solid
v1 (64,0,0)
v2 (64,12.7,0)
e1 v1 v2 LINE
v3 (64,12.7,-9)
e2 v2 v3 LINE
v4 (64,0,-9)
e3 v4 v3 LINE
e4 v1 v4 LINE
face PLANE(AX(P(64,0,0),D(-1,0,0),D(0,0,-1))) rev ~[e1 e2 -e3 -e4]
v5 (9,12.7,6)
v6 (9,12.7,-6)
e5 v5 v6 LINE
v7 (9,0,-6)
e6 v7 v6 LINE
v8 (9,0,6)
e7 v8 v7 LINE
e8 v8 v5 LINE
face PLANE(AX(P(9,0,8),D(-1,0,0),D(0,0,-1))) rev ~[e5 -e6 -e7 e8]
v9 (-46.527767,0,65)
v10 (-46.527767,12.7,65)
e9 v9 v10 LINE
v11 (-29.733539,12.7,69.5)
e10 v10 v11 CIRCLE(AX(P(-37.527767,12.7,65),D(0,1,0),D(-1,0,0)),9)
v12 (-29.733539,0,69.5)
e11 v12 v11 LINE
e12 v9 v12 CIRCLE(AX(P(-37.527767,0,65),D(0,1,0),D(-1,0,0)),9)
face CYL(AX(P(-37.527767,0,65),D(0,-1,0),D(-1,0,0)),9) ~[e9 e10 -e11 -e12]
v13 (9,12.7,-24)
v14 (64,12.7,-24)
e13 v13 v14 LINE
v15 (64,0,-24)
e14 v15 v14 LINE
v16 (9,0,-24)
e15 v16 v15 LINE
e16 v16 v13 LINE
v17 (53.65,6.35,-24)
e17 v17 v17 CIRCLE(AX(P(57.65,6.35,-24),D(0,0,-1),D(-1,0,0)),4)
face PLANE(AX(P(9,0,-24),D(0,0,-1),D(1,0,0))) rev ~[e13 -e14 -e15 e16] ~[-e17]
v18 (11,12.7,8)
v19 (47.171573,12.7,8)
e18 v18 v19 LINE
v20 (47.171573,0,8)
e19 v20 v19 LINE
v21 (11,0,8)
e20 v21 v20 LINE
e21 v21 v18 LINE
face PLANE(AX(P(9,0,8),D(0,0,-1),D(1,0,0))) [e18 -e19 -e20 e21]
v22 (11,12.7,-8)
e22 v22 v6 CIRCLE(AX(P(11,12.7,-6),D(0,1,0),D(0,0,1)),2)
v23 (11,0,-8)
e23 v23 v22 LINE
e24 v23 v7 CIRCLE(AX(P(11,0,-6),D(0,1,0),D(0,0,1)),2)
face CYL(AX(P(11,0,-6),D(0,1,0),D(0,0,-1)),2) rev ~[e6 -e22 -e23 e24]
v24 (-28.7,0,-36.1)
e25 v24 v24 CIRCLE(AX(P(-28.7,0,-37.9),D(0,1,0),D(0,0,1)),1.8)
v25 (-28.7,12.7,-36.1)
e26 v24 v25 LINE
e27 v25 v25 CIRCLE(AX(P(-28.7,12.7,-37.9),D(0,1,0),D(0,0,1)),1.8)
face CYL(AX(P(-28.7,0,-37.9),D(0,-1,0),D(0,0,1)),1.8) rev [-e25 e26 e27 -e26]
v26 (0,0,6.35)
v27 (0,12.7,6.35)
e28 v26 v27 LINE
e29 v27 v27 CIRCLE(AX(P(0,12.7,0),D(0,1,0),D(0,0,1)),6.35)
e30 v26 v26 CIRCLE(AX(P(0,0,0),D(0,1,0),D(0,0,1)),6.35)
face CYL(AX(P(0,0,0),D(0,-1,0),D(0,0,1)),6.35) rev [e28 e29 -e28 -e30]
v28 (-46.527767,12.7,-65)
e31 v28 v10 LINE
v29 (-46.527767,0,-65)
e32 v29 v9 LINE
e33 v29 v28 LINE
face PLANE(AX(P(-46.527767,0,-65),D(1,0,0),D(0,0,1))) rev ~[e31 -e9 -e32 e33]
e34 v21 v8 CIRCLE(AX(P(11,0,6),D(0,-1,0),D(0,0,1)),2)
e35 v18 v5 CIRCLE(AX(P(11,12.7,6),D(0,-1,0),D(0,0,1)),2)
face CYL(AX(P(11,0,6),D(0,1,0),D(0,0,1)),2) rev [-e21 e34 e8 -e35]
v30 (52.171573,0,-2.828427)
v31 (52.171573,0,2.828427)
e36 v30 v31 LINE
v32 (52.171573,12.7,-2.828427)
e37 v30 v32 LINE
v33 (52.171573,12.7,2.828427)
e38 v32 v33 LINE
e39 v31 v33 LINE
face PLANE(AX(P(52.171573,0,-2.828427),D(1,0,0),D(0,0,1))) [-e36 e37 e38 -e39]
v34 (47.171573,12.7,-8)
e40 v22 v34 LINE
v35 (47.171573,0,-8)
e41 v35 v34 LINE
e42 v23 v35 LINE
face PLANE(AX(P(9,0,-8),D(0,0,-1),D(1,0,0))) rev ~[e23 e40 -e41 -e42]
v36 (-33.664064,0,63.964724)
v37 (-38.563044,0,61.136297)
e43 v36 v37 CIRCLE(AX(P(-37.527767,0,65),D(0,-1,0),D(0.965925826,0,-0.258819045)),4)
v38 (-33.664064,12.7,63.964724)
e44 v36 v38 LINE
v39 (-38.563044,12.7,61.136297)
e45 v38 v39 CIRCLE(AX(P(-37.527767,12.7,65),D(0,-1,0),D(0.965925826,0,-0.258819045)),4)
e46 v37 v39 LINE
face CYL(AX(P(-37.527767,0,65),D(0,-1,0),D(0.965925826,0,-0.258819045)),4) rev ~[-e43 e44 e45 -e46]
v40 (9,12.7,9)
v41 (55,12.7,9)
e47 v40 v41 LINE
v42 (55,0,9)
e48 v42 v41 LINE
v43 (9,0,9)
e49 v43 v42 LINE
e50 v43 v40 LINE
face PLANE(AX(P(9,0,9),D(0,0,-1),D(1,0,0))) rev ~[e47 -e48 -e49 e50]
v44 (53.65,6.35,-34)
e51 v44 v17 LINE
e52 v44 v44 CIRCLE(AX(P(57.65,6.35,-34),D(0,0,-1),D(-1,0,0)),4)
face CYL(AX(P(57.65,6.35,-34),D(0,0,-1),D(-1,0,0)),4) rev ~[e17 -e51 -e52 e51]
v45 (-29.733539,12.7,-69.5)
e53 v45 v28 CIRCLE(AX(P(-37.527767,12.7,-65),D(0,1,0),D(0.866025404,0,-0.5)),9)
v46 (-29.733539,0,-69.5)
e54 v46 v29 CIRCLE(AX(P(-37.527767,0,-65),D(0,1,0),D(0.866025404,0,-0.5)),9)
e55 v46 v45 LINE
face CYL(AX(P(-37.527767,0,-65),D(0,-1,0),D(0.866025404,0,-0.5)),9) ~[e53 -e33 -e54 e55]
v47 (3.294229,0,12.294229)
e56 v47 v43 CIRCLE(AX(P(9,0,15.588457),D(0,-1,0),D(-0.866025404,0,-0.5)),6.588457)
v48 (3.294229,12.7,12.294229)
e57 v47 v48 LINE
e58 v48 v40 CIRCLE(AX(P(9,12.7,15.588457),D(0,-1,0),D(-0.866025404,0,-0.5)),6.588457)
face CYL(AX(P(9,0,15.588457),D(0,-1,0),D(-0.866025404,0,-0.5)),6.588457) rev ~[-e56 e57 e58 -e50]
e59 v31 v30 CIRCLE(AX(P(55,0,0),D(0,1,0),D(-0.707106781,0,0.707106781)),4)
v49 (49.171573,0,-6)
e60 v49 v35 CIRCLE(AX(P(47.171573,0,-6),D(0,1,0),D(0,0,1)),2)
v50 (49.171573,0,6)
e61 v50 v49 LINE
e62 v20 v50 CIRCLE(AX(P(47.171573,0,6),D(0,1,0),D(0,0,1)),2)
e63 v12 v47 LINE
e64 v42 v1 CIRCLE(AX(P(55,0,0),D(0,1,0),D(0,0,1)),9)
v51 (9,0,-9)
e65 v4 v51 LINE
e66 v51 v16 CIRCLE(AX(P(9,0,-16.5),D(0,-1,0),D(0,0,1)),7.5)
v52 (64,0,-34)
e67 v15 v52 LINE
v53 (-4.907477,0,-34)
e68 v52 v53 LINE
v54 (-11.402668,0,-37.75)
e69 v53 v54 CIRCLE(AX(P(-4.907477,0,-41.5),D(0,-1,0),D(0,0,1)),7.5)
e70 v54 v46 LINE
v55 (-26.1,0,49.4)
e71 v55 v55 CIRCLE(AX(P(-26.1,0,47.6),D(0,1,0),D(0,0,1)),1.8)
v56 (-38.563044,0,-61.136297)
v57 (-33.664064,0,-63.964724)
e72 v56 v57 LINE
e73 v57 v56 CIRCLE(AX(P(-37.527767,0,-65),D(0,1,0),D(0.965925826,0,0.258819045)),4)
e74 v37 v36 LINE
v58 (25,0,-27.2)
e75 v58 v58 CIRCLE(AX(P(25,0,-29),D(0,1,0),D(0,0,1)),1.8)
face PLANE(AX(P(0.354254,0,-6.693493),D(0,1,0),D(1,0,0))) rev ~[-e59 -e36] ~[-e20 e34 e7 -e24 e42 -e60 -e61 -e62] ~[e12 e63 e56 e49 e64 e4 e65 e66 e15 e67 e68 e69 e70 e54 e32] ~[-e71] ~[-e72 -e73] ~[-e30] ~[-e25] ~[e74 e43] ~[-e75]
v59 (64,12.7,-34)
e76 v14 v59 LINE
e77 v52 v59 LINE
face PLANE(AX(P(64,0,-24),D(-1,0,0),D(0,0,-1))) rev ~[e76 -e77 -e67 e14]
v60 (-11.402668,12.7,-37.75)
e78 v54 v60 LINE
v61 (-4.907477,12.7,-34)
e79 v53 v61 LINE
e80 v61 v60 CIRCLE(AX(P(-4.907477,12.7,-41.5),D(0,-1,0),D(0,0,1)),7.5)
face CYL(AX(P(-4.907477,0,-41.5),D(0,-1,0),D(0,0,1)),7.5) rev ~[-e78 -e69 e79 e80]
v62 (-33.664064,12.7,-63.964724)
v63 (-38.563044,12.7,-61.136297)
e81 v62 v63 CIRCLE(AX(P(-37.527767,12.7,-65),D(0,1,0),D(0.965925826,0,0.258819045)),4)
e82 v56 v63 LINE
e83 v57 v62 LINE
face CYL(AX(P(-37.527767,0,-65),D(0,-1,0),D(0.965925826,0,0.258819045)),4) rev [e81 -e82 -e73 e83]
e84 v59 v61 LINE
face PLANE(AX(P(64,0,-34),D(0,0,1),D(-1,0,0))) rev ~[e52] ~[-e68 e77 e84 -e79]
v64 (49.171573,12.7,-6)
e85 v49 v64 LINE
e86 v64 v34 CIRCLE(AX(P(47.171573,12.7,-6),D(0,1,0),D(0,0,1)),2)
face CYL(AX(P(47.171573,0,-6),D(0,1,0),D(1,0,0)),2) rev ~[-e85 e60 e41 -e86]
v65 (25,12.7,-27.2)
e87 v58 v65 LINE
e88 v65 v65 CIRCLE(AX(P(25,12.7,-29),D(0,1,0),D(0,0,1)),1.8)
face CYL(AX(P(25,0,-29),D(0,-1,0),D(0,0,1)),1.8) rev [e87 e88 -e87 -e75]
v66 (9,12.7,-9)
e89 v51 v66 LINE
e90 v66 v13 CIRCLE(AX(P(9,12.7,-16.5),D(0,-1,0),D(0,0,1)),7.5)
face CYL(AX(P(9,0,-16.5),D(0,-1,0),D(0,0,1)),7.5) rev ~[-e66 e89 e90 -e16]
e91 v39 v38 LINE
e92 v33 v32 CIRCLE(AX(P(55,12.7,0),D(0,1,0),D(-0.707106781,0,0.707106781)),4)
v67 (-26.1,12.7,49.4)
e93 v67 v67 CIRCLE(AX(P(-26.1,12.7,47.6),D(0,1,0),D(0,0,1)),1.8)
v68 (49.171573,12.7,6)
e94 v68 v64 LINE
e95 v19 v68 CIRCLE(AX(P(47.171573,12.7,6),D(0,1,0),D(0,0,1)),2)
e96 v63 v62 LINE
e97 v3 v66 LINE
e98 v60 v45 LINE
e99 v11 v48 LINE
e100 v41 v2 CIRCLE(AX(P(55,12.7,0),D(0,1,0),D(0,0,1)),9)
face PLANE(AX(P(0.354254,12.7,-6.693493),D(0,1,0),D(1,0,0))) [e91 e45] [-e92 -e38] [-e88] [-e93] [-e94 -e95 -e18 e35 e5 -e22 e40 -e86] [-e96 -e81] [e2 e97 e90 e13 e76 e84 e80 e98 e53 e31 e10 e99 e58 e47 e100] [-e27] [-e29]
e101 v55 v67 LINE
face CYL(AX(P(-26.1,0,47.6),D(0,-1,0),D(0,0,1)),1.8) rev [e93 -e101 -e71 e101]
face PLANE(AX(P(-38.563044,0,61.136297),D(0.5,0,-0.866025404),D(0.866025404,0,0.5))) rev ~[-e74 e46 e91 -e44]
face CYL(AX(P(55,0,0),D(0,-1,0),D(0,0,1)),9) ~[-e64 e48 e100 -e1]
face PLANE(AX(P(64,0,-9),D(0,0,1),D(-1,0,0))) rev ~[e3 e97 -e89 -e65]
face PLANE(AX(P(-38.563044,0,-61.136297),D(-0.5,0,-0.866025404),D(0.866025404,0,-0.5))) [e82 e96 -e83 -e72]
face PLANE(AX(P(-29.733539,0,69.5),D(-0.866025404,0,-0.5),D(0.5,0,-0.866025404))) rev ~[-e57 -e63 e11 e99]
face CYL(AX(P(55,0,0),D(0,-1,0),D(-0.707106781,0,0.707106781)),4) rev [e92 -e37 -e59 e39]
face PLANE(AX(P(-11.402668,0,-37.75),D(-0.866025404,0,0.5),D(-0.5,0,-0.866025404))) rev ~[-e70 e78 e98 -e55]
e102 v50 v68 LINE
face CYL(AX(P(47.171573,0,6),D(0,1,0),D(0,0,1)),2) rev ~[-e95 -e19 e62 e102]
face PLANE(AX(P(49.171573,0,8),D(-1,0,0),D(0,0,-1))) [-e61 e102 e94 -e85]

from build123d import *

# Parameters (mm, degrees)
SKETCH1_R           = 6.35
SKETCH1_R_2         = 1.8
SKETCH1_W           = 40.171572875
SKETCH1_H           = 16
BOSS_EXTRUDE1_DEPTH = 12.7
FILLET1_R           = 2
CUT_EXTRUDE1_REACH  = 128.18
SKETCH2_R           = 4


with BuildPart() as part:
    # Sketch1 → Boss-Extrude1 (new body)
    with BuildSketch(Plane(origin=(0, 0, 0), x_dir=(1, 0, 0), z_dir=(0, 1, 0))):
        with BuildLine():
            Line((64, 0), (64, 9))
            Line((64, 9), (9, 9))
            ThreePointArc((9, 9), (1.5, 16.5), (9, 24))
            Line((9, 24), (64, 24))
            Line((64, 24), (64, 34))
            Line((64, 34), (-4.907477288, 34))
            ThreePointArc((-4.907477288, 34), (-8.657477288, 35.004809472), (-11.402667816, 37.75))
            Line((-11.402667816, 37.75), (-29.733538863, 69.5))
            ThreePointArc((-29.733538863, 69.5), (-39.857138903, 73.693332437), (-46.527767497, 65))
            Line((-46.527767497, 65), (-46.527767497, -65))
            ThreePointArc((-46.527767497, -65), (-39.857138903, -73.693332437), (-29.733538863, -69.5))
            Line((-29.733538863, -69.5), (3.294228634, -12.294228634))
            ThreePointArc((3.294228634, -12.294228634), (5.705771366, -9.882685902), (9, -9))
            Line((9, -9), (55, -9))
            ThreePointArc((55, -9), (61.363961031, -6.363961031), (64, 0))
        make_face()
        with Locations(Location((0, 0, 0), (0, 0, 270))):
            Circle(SKETCH1_R, mode=Mode.SUBTRACT)
        with Locations(Location((25, 29, 0), (0, 0, 270))):
            Circle(SKETCH1_R_2, mode=Mode.SUBTRACT)
        with Locations(Location((-28.7, 37.9, 0), (0, 0, 270))):
            Circle(SKETCH1_R_2, mode=Mode.SUBTRACT)
        with Locations(Location((-26.1, -47.6, 0), (0, 0, 270))):
            Circle(SKETCH1_R_2, mode=Mode.SUBTRACT)
        with BuildLine():
            Line((52.171572875, 2.828427125), (52.171572875, -2.828427125))
            ThreePointArc((52.171572875, -2.828427125), (59, 0), (52.171572875, 2.828427125))
        make_face(mode=Mode.SUBTRACT)
        with BuildLine():
            Line((-38.563043678, 61.136296695), (-33.664064192, 63.96472382))
            ThreePointArc((-33.664064192, 63.96472382), (-39.527767497, 68.464101615), (-38.563043678, 61.136296695))
        make_face(mode=Mode.SUBTRACT)
        with BuildLine():
            Line((-38.563043678, -61.136296695), (-33.664064192, -63.96472382))
            ThreePointArc((-33.664064192, -63.96472382), (-39.527767497, -68.464101615), (-38.563043678, -61.136296695))
        make_face(mode=Mode.SUBTRACT)
        with Locations((29.085786438, 0)):
            Rectangle(SKETCH1_W, SKETCH1_H, mode=Mode.SUBTRACT)
    extrude(amount=BOSS_EXTRUDE1_DEPTH)

    # Fillet1
    fillet1_edges = [part.edges().sort_by_distance(p)[0] for p in [
        (9, 6.35, -8),
        (9, 6.35, 8),
        (49.171572875, 6.35, 8),
        (49.171572875, 6.35, -8),
    ]]
    fillet(fillet1_edges, radius=FILLET1_R)

    # Sketch2 → Cut-Extrude1 (cut, up to next)
    with BuildSketch(Plane(origin=(0, 0, -34), x_dir=(-1, 0, 0), z_dir=(0, 0, -1)), mode=Mode.PRIVATE) as cut_extrude1_sk1:
        with Locations((-57.65, 6.35)):
            Circle(SKETCH2_R)
    cut_extrude1_tool1 = extrude(cut_extrude1_sk1.sketch, amount=-CUT_EXTRUDE1_REACH, mode=Mode.PRIVATE) & part.part
    add(cut_extrude1_tool1.solids().sort_by_distance((57.65, 6.35, -34))[0], mode=Mode.SUBTRACT)


solid = part.part
